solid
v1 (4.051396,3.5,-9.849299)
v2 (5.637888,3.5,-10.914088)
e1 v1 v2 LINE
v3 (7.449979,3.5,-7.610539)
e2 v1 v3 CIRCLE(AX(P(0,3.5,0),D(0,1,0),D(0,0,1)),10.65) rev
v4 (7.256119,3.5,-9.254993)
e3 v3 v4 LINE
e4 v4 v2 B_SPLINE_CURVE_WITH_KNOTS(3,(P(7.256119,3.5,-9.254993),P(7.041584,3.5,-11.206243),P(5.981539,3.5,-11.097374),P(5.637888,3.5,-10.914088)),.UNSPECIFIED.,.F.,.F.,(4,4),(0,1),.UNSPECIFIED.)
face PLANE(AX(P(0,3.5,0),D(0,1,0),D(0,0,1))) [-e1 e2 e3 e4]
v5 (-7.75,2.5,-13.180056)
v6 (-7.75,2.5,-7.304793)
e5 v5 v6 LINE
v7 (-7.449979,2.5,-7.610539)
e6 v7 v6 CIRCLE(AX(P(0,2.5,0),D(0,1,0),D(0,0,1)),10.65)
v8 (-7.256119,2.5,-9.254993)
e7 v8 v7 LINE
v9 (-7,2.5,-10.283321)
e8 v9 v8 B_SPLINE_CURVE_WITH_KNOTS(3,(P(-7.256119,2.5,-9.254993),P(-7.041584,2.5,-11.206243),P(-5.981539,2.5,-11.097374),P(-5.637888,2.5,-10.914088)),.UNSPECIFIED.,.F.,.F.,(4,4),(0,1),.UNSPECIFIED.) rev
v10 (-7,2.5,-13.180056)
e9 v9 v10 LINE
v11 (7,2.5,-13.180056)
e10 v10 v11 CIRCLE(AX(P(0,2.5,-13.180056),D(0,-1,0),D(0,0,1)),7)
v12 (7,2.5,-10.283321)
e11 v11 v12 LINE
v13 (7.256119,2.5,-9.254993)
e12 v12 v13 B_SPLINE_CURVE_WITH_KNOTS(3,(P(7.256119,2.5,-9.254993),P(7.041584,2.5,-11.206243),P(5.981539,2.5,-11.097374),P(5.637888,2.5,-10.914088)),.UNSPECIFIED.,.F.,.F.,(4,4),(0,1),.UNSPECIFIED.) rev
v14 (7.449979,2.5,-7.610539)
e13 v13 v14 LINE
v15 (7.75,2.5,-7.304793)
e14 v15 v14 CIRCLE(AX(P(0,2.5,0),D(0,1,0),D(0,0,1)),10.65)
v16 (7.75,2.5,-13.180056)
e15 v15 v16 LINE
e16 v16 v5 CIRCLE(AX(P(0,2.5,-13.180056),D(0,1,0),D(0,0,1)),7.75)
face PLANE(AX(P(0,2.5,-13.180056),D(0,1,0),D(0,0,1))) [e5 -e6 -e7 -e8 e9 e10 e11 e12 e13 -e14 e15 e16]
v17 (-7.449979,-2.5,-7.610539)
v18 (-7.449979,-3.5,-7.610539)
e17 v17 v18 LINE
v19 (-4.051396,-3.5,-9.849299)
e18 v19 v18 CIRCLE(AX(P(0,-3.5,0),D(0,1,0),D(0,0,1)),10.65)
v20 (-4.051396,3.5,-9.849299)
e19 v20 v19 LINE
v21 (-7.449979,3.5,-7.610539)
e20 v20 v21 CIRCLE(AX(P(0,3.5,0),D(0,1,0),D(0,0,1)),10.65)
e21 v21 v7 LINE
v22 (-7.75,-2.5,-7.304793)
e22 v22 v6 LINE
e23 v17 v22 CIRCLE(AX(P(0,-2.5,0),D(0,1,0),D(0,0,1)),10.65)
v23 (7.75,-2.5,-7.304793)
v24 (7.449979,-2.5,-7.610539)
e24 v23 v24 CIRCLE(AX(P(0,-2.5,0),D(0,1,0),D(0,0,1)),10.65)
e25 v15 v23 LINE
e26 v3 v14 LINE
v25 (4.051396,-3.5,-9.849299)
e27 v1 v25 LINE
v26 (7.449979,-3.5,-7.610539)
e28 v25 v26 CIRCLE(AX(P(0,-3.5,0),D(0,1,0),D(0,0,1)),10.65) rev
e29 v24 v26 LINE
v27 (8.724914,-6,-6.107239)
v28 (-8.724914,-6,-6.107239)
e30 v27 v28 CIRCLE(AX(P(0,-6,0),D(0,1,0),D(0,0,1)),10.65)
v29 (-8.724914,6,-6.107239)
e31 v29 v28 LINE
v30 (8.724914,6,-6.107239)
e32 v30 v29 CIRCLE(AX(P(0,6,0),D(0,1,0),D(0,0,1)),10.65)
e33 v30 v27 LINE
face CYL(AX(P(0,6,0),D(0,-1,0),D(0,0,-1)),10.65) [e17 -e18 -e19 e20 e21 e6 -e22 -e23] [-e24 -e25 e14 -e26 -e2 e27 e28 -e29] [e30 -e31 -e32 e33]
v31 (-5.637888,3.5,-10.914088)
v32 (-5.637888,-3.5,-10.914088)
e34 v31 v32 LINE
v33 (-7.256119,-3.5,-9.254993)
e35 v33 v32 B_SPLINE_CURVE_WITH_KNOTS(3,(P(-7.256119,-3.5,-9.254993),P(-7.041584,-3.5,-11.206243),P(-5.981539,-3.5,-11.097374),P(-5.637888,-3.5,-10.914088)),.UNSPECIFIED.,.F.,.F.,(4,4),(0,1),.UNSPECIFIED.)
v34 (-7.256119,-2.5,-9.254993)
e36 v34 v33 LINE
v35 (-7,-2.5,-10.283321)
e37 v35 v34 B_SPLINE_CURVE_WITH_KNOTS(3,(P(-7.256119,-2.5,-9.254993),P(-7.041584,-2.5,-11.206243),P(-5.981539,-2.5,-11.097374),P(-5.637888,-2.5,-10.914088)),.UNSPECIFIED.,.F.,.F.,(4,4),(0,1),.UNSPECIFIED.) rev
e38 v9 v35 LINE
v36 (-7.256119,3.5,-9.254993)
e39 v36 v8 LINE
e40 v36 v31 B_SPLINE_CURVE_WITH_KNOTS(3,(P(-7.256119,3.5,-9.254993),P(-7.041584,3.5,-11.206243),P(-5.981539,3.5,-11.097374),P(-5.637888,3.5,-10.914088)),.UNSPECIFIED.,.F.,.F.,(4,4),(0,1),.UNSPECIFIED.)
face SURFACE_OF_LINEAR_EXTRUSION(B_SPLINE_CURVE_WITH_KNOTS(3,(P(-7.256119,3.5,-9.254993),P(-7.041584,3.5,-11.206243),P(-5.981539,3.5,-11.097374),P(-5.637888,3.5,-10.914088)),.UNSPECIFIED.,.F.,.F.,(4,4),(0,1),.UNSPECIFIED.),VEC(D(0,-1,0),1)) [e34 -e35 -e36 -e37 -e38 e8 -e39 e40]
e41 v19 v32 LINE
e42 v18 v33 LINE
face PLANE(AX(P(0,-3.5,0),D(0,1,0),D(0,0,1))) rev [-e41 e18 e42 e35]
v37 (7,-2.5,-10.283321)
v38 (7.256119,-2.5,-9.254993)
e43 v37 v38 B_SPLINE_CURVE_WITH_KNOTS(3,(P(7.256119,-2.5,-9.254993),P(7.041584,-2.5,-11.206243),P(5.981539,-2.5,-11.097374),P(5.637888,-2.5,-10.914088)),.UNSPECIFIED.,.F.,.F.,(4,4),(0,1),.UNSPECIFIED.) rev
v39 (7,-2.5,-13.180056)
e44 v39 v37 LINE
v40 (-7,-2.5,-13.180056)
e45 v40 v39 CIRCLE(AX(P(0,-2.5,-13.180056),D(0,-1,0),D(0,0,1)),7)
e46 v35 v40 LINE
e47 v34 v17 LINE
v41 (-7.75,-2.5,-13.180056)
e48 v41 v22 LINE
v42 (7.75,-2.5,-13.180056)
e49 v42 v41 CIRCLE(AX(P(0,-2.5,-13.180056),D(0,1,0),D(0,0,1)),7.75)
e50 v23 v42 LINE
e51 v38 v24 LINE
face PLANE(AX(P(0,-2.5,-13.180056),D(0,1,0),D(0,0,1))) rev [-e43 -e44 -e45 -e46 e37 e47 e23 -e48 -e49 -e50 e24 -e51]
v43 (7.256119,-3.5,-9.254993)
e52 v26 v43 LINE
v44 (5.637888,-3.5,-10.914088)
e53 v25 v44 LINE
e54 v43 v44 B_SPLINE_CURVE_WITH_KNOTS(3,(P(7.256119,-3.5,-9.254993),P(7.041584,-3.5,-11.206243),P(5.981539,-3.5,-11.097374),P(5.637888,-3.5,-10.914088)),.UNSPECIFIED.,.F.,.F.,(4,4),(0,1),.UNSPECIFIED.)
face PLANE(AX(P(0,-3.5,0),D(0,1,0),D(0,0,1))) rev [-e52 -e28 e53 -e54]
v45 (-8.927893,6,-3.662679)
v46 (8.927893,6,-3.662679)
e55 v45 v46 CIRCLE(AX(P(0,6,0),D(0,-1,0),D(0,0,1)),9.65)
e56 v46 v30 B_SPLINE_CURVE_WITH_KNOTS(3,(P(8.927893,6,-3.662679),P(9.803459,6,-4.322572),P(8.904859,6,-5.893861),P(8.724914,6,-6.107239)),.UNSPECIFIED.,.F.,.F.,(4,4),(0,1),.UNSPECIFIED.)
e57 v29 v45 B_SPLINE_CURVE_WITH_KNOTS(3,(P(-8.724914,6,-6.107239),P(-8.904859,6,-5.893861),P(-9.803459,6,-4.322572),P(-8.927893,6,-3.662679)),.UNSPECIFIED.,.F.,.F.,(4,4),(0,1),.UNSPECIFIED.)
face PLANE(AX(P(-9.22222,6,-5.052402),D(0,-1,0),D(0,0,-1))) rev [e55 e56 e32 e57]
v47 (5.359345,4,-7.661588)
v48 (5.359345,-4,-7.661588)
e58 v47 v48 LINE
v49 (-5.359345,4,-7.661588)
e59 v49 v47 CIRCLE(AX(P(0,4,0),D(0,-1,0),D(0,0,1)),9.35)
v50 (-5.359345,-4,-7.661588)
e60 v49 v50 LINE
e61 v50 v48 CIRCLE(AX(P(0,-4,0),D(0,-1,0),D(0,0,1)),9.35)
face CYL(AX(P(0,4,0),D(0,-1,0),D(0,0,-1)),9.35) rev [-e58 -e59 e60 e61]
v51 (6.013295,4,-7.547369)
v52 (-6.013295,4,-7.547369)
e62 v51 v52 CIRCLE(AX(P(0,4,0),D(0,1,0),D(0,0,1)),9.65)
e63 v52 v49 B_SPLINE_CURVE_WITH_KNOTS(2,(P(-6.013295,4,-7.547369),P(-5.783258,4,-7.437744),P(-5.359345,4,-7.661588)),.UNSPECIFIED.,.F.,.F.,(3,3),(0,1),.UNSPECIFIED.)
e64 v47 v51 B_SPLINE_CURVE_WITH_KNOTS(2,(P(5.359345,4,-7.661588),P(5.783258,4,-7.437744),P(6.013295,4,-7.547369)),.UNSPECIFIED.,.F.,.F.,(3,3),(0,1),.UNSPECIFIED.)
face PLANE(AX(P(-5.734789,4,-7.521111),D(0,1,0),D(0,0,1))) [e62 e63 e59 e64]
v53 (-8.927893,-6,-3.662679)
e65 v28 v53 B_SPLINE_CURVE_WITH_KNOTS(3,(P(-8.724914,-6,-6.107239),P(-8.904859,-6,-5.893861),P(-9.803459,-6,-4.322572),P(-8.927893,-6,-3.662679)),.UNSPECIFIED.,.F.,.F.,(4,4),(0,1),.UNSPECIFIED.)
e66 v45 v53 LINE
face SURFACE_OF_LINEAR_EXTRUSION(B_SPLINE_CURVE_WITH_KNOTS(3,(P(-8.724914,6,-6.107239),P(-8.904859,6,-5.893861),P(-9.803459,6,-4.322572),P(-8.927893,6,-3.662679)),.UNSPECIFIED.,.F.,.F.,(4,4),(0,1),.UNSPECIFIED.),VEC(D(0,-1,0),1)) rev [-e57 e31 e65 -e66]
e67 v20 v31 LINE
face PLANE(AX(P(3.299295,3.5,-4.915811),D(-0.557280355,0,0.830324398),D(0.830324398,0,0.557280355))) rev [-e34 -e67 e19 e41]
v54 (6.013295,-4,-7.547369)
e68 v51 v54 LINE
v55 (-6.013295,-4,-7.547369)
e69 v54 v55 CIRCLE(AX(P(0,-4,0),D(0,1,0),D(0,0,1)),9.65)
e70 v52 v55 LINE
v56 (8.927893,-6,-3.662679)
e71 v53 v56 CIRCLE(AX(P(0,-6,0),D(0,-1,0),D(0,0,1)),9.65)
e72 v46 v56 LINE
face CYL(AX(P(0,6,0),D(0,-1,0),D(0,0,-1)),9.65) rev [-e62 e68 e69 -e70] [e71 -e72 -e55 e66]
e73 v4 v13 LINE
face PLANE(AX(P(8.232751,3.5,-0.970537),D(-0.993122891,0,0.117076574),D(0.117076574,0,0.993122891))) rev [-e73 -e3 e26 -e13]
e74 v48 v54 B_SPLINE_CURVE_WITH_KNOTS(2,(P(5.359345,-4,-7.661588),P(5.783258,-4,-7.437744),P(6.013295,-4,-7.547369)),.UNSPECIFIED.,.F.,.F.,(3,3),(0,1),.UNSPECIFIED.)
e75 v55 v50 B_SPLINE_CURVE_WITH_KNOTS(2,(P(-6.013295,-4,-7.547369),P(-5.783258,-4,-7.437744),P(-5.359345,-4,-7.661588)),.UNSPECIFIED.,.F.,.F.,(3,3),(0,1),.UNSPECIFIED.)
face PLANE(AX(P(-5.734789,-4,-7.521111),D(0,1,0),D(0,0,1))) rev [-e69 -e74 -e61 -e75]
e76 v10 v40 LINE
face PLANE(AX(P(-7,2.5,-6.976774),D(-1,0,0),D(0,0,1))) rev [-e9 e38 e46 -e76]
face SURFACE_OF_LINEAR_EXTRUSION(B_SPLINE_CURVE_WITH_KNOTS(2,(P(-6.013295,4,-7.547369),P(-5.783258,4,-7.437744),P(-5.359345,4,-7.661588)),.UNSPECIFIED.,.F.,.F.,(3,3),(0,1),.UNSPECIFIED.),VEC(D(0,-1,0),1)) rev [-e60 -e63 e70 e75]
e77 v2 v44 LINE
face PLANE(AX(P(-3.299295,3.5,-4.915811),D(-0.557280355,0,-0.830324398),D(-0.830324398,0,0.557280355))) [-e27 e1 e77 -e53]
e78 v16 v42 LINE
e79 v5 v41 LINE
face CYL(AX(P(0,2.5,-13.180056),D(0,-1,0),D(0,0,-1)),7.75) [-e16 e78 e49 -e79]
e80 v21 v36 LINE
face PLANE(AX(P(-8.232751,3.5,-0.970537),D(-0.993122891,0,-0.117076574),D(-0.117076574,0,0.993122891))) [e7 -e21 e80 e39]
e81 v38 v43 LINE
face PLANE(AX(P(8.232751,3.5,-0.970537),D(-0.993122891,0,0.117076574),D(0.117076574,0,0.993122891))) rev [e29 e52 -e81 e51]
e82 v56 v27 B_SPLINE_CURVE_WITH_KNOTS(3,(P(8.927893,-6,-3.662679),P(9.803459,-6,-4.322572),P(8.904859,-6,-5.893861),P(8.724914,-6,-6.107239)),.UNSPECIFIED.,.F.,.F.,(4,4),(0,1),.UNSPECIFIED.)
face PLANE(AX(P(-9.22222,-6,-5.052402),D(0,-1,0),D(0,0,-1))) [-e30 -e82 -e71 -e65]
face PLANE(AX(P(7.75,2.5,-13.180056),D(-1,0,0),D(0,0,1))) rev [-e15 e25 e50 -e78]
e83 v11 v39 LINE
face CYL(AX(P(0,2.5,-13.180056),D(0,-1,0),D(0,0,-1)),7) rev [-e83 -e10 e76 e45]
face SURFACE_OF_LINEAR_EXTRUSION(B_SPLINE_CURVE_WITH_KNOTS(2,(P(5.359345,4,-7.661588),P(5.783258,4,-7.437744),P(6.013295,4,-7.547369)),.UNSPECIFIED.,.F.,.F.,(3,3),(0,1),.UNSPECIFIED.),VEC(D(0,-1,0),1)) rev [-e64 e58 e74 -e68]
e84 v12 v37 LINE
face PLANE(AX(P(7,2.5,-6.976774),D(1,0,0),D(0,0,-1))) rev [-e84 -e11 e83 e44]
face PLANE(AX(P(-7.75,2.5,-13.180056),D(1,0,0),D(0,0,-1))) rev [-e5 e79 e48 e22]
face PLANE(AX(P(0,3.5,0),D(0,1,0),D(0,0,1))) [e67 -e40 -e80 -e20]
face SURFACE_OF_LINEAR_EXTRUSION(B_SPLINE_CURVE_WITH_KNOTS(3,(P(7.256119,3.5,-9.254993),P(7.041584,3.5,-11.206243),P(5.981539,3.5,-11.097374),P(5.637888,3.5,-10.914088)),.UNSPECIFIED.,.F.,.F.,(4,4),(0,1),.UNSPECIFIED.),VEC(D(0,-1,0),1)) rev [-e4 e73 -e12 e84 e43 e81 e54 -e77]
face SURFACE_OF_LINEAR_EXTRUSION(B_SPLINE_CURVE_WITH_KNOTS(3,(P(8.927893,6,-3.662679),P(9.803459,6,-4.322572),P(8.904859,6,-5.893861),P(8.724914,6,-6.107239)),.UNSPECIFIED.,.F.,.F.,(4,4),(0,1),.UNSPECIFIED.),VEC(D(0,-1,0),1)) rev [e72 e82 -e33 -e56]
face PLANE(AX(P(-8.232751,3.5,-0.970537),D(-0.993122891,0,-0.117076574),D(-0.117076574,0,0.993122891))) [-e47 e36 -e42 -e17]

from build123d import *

# Parameters (mm, degrees)
BOSS_EXTRUDE1_DEPTH = 6
BOSS_EXTRUDE2_DEPTH = 2.5
BOSS_EXTRUDE3_DEPTH = 3.5
BOSS_EXTRUDE4_DEPTH = 4


with BuildPart() as part:
    # Sketch1 → Boss-Extrude1 (new, symmetric)
    with BuildSketch(Plane(origin=(0, 0, 0), x_dir=(1, 0, 0), z_dir=(0, 1, 0))):
        with BuildLine():
            ThreePointArc((8.92789337, 3.662679343), (0, 9.65), (-8.92789337, 3.662679343))
            add(Edge.make_bspline(
                [(-8.724914389, 6.107239058), (-8.904858788, 5.893861034), (-9.803458989, 4.322571827), (-8.92789337, 3.662679343)],
                knots=[0, 0, 0, 0, 1, 1, 1, 1], degree=3))
            ThreePointArc((-8.724914389, 6.107239058), (0, 10.65), (8.724914389, 6.107239058))
            add(Edge.make_bspline(
                [(8.724914389, 6.107239058), (8.904858788, 5.893861034), (9.803458989, 4.322571827), (8.92789337, 3.662679343)],
                knots=[0, 0, 0, 0, 1, 1, 1, 1], degree=3))
        make_face()
    extrude(amount=BOSS_EXTRUDE1_DEPTH, both=True)

    # Sketch2 → Boss-Extrude2 (add, symmetric)
    with BuildSketch(Plane(origin=(0, 0, 0), x_dir=(1, 0, 0), z_dir=(0, 1, 0))):
        with BuildLine():
            Line((-7.75, 13.180055627), (-7.75, 6.976773921))
            Line((-7.75, 6.976773921), (-7, 6.976773921))
            Line((-7, 6.976773921), (-7, 13.180055627))
            ThreePointArc((-7, 13.180055627), (0, 20.180055627), (7, 13.180055627))
            Line((7, 13.180055627), (7, 6.976773921))
            Line((7, 6.976773921), (7.75, 6.976773921))
            Line((7.75, 6.976773921), (7.75, 13.180055627))
            ThreePointArc((7.75, 13.180055627), (0, 20.930055627), (-7.75, 13.180055627))
        make_face()
    extrude(amount=BOSS_EXTRUDE2_DEPTH, both=True)

    # Sketch3 → Boss-Extrude3 (add, symmetric)
    with BuildSketch(Plane(origin=(0, 0, 0), x_dir=(1, 0, 0), z_dir=(0, 1, 0))):
        with BuildLine():
            add(Edge.make_bspline(
                [(-7.25611922, 9.254992682), (-7.041583851, 11.20624294), (-5.98153876, 11.097373504), (-5.637887905, 10.914088424)],
                knots=[0, 0, 0, 0, 1, 1, 1, 1], degree=3))
            Line((-5.637887905, 10.914088424), (-4.051396134, 9.849298928))
            ThreePointArc((-4.051396134, 9.849298928), (-5.858619381, 8.893766297), (-7.449979396, 7.610539205))
            Line((-7.449979396, 7.610539205), (-7.25611922, 9.254992682))
        make_face()
        with BuildLine():
            Line((7.449979396, 7.610539205), (7.25611922, 9.254992682))
            add(Edge.make_bspline(
                [(7.25611922, 9.254992682), (7.041583851, 11.20624294), (5.98153876, 11.097373504), (5.637887905, 10.914088424)],
                knots=[0, 0, 0, 0, 1, 1, 1, 1], degree=3))
            Line((5.637887905, 10.914088424), (4.051396134, 9.849298928))
            ThreePointArc((4.051396134, 9.849298928), (5.858619381, 8.893766297), (7.449979396, 7.610539205))
        make_face()
    extrude(amount=BOSS_EXTRUDE3_DEPTH, both=True)

    # Sketch4 → Boss-Extrude4 (add, symmetric)
    with BuildSketch(Plane(origin=(0, 0, 0), x_dir=(1, 0, 0), z_dir=(0, 1, 0))):
        with BuildLine():
            ThreePointArc((6.013295106, 7.547369208), (0, 9.65), (-6.013295106, 7.547369208))
            add(Edge.make_bspline(
                [(-5.359344629, 7.661587639), (-5.783257591, 7.437743582), (-6.013295106, 7.547369208)],
                knots=[0, 0, 0, 1, 1, 1], degree=2))
            ThreePointArc((-5.359344629, 7.661587639), (0, 9.35), (5.359344629, 7.661587639))
            add(Edge.make_bspline(
                [(5.359344629, 7.661587639), (5.783257591, 7.437743582), (6.013295106, 7.547369208)],
                knots=[0, 0, 0, 1, 1, 1], degree=2))
        make_face()
    extrude(amount=BOSS_EXTRUDE4_DEPTH, both=True)


solid = part.part
